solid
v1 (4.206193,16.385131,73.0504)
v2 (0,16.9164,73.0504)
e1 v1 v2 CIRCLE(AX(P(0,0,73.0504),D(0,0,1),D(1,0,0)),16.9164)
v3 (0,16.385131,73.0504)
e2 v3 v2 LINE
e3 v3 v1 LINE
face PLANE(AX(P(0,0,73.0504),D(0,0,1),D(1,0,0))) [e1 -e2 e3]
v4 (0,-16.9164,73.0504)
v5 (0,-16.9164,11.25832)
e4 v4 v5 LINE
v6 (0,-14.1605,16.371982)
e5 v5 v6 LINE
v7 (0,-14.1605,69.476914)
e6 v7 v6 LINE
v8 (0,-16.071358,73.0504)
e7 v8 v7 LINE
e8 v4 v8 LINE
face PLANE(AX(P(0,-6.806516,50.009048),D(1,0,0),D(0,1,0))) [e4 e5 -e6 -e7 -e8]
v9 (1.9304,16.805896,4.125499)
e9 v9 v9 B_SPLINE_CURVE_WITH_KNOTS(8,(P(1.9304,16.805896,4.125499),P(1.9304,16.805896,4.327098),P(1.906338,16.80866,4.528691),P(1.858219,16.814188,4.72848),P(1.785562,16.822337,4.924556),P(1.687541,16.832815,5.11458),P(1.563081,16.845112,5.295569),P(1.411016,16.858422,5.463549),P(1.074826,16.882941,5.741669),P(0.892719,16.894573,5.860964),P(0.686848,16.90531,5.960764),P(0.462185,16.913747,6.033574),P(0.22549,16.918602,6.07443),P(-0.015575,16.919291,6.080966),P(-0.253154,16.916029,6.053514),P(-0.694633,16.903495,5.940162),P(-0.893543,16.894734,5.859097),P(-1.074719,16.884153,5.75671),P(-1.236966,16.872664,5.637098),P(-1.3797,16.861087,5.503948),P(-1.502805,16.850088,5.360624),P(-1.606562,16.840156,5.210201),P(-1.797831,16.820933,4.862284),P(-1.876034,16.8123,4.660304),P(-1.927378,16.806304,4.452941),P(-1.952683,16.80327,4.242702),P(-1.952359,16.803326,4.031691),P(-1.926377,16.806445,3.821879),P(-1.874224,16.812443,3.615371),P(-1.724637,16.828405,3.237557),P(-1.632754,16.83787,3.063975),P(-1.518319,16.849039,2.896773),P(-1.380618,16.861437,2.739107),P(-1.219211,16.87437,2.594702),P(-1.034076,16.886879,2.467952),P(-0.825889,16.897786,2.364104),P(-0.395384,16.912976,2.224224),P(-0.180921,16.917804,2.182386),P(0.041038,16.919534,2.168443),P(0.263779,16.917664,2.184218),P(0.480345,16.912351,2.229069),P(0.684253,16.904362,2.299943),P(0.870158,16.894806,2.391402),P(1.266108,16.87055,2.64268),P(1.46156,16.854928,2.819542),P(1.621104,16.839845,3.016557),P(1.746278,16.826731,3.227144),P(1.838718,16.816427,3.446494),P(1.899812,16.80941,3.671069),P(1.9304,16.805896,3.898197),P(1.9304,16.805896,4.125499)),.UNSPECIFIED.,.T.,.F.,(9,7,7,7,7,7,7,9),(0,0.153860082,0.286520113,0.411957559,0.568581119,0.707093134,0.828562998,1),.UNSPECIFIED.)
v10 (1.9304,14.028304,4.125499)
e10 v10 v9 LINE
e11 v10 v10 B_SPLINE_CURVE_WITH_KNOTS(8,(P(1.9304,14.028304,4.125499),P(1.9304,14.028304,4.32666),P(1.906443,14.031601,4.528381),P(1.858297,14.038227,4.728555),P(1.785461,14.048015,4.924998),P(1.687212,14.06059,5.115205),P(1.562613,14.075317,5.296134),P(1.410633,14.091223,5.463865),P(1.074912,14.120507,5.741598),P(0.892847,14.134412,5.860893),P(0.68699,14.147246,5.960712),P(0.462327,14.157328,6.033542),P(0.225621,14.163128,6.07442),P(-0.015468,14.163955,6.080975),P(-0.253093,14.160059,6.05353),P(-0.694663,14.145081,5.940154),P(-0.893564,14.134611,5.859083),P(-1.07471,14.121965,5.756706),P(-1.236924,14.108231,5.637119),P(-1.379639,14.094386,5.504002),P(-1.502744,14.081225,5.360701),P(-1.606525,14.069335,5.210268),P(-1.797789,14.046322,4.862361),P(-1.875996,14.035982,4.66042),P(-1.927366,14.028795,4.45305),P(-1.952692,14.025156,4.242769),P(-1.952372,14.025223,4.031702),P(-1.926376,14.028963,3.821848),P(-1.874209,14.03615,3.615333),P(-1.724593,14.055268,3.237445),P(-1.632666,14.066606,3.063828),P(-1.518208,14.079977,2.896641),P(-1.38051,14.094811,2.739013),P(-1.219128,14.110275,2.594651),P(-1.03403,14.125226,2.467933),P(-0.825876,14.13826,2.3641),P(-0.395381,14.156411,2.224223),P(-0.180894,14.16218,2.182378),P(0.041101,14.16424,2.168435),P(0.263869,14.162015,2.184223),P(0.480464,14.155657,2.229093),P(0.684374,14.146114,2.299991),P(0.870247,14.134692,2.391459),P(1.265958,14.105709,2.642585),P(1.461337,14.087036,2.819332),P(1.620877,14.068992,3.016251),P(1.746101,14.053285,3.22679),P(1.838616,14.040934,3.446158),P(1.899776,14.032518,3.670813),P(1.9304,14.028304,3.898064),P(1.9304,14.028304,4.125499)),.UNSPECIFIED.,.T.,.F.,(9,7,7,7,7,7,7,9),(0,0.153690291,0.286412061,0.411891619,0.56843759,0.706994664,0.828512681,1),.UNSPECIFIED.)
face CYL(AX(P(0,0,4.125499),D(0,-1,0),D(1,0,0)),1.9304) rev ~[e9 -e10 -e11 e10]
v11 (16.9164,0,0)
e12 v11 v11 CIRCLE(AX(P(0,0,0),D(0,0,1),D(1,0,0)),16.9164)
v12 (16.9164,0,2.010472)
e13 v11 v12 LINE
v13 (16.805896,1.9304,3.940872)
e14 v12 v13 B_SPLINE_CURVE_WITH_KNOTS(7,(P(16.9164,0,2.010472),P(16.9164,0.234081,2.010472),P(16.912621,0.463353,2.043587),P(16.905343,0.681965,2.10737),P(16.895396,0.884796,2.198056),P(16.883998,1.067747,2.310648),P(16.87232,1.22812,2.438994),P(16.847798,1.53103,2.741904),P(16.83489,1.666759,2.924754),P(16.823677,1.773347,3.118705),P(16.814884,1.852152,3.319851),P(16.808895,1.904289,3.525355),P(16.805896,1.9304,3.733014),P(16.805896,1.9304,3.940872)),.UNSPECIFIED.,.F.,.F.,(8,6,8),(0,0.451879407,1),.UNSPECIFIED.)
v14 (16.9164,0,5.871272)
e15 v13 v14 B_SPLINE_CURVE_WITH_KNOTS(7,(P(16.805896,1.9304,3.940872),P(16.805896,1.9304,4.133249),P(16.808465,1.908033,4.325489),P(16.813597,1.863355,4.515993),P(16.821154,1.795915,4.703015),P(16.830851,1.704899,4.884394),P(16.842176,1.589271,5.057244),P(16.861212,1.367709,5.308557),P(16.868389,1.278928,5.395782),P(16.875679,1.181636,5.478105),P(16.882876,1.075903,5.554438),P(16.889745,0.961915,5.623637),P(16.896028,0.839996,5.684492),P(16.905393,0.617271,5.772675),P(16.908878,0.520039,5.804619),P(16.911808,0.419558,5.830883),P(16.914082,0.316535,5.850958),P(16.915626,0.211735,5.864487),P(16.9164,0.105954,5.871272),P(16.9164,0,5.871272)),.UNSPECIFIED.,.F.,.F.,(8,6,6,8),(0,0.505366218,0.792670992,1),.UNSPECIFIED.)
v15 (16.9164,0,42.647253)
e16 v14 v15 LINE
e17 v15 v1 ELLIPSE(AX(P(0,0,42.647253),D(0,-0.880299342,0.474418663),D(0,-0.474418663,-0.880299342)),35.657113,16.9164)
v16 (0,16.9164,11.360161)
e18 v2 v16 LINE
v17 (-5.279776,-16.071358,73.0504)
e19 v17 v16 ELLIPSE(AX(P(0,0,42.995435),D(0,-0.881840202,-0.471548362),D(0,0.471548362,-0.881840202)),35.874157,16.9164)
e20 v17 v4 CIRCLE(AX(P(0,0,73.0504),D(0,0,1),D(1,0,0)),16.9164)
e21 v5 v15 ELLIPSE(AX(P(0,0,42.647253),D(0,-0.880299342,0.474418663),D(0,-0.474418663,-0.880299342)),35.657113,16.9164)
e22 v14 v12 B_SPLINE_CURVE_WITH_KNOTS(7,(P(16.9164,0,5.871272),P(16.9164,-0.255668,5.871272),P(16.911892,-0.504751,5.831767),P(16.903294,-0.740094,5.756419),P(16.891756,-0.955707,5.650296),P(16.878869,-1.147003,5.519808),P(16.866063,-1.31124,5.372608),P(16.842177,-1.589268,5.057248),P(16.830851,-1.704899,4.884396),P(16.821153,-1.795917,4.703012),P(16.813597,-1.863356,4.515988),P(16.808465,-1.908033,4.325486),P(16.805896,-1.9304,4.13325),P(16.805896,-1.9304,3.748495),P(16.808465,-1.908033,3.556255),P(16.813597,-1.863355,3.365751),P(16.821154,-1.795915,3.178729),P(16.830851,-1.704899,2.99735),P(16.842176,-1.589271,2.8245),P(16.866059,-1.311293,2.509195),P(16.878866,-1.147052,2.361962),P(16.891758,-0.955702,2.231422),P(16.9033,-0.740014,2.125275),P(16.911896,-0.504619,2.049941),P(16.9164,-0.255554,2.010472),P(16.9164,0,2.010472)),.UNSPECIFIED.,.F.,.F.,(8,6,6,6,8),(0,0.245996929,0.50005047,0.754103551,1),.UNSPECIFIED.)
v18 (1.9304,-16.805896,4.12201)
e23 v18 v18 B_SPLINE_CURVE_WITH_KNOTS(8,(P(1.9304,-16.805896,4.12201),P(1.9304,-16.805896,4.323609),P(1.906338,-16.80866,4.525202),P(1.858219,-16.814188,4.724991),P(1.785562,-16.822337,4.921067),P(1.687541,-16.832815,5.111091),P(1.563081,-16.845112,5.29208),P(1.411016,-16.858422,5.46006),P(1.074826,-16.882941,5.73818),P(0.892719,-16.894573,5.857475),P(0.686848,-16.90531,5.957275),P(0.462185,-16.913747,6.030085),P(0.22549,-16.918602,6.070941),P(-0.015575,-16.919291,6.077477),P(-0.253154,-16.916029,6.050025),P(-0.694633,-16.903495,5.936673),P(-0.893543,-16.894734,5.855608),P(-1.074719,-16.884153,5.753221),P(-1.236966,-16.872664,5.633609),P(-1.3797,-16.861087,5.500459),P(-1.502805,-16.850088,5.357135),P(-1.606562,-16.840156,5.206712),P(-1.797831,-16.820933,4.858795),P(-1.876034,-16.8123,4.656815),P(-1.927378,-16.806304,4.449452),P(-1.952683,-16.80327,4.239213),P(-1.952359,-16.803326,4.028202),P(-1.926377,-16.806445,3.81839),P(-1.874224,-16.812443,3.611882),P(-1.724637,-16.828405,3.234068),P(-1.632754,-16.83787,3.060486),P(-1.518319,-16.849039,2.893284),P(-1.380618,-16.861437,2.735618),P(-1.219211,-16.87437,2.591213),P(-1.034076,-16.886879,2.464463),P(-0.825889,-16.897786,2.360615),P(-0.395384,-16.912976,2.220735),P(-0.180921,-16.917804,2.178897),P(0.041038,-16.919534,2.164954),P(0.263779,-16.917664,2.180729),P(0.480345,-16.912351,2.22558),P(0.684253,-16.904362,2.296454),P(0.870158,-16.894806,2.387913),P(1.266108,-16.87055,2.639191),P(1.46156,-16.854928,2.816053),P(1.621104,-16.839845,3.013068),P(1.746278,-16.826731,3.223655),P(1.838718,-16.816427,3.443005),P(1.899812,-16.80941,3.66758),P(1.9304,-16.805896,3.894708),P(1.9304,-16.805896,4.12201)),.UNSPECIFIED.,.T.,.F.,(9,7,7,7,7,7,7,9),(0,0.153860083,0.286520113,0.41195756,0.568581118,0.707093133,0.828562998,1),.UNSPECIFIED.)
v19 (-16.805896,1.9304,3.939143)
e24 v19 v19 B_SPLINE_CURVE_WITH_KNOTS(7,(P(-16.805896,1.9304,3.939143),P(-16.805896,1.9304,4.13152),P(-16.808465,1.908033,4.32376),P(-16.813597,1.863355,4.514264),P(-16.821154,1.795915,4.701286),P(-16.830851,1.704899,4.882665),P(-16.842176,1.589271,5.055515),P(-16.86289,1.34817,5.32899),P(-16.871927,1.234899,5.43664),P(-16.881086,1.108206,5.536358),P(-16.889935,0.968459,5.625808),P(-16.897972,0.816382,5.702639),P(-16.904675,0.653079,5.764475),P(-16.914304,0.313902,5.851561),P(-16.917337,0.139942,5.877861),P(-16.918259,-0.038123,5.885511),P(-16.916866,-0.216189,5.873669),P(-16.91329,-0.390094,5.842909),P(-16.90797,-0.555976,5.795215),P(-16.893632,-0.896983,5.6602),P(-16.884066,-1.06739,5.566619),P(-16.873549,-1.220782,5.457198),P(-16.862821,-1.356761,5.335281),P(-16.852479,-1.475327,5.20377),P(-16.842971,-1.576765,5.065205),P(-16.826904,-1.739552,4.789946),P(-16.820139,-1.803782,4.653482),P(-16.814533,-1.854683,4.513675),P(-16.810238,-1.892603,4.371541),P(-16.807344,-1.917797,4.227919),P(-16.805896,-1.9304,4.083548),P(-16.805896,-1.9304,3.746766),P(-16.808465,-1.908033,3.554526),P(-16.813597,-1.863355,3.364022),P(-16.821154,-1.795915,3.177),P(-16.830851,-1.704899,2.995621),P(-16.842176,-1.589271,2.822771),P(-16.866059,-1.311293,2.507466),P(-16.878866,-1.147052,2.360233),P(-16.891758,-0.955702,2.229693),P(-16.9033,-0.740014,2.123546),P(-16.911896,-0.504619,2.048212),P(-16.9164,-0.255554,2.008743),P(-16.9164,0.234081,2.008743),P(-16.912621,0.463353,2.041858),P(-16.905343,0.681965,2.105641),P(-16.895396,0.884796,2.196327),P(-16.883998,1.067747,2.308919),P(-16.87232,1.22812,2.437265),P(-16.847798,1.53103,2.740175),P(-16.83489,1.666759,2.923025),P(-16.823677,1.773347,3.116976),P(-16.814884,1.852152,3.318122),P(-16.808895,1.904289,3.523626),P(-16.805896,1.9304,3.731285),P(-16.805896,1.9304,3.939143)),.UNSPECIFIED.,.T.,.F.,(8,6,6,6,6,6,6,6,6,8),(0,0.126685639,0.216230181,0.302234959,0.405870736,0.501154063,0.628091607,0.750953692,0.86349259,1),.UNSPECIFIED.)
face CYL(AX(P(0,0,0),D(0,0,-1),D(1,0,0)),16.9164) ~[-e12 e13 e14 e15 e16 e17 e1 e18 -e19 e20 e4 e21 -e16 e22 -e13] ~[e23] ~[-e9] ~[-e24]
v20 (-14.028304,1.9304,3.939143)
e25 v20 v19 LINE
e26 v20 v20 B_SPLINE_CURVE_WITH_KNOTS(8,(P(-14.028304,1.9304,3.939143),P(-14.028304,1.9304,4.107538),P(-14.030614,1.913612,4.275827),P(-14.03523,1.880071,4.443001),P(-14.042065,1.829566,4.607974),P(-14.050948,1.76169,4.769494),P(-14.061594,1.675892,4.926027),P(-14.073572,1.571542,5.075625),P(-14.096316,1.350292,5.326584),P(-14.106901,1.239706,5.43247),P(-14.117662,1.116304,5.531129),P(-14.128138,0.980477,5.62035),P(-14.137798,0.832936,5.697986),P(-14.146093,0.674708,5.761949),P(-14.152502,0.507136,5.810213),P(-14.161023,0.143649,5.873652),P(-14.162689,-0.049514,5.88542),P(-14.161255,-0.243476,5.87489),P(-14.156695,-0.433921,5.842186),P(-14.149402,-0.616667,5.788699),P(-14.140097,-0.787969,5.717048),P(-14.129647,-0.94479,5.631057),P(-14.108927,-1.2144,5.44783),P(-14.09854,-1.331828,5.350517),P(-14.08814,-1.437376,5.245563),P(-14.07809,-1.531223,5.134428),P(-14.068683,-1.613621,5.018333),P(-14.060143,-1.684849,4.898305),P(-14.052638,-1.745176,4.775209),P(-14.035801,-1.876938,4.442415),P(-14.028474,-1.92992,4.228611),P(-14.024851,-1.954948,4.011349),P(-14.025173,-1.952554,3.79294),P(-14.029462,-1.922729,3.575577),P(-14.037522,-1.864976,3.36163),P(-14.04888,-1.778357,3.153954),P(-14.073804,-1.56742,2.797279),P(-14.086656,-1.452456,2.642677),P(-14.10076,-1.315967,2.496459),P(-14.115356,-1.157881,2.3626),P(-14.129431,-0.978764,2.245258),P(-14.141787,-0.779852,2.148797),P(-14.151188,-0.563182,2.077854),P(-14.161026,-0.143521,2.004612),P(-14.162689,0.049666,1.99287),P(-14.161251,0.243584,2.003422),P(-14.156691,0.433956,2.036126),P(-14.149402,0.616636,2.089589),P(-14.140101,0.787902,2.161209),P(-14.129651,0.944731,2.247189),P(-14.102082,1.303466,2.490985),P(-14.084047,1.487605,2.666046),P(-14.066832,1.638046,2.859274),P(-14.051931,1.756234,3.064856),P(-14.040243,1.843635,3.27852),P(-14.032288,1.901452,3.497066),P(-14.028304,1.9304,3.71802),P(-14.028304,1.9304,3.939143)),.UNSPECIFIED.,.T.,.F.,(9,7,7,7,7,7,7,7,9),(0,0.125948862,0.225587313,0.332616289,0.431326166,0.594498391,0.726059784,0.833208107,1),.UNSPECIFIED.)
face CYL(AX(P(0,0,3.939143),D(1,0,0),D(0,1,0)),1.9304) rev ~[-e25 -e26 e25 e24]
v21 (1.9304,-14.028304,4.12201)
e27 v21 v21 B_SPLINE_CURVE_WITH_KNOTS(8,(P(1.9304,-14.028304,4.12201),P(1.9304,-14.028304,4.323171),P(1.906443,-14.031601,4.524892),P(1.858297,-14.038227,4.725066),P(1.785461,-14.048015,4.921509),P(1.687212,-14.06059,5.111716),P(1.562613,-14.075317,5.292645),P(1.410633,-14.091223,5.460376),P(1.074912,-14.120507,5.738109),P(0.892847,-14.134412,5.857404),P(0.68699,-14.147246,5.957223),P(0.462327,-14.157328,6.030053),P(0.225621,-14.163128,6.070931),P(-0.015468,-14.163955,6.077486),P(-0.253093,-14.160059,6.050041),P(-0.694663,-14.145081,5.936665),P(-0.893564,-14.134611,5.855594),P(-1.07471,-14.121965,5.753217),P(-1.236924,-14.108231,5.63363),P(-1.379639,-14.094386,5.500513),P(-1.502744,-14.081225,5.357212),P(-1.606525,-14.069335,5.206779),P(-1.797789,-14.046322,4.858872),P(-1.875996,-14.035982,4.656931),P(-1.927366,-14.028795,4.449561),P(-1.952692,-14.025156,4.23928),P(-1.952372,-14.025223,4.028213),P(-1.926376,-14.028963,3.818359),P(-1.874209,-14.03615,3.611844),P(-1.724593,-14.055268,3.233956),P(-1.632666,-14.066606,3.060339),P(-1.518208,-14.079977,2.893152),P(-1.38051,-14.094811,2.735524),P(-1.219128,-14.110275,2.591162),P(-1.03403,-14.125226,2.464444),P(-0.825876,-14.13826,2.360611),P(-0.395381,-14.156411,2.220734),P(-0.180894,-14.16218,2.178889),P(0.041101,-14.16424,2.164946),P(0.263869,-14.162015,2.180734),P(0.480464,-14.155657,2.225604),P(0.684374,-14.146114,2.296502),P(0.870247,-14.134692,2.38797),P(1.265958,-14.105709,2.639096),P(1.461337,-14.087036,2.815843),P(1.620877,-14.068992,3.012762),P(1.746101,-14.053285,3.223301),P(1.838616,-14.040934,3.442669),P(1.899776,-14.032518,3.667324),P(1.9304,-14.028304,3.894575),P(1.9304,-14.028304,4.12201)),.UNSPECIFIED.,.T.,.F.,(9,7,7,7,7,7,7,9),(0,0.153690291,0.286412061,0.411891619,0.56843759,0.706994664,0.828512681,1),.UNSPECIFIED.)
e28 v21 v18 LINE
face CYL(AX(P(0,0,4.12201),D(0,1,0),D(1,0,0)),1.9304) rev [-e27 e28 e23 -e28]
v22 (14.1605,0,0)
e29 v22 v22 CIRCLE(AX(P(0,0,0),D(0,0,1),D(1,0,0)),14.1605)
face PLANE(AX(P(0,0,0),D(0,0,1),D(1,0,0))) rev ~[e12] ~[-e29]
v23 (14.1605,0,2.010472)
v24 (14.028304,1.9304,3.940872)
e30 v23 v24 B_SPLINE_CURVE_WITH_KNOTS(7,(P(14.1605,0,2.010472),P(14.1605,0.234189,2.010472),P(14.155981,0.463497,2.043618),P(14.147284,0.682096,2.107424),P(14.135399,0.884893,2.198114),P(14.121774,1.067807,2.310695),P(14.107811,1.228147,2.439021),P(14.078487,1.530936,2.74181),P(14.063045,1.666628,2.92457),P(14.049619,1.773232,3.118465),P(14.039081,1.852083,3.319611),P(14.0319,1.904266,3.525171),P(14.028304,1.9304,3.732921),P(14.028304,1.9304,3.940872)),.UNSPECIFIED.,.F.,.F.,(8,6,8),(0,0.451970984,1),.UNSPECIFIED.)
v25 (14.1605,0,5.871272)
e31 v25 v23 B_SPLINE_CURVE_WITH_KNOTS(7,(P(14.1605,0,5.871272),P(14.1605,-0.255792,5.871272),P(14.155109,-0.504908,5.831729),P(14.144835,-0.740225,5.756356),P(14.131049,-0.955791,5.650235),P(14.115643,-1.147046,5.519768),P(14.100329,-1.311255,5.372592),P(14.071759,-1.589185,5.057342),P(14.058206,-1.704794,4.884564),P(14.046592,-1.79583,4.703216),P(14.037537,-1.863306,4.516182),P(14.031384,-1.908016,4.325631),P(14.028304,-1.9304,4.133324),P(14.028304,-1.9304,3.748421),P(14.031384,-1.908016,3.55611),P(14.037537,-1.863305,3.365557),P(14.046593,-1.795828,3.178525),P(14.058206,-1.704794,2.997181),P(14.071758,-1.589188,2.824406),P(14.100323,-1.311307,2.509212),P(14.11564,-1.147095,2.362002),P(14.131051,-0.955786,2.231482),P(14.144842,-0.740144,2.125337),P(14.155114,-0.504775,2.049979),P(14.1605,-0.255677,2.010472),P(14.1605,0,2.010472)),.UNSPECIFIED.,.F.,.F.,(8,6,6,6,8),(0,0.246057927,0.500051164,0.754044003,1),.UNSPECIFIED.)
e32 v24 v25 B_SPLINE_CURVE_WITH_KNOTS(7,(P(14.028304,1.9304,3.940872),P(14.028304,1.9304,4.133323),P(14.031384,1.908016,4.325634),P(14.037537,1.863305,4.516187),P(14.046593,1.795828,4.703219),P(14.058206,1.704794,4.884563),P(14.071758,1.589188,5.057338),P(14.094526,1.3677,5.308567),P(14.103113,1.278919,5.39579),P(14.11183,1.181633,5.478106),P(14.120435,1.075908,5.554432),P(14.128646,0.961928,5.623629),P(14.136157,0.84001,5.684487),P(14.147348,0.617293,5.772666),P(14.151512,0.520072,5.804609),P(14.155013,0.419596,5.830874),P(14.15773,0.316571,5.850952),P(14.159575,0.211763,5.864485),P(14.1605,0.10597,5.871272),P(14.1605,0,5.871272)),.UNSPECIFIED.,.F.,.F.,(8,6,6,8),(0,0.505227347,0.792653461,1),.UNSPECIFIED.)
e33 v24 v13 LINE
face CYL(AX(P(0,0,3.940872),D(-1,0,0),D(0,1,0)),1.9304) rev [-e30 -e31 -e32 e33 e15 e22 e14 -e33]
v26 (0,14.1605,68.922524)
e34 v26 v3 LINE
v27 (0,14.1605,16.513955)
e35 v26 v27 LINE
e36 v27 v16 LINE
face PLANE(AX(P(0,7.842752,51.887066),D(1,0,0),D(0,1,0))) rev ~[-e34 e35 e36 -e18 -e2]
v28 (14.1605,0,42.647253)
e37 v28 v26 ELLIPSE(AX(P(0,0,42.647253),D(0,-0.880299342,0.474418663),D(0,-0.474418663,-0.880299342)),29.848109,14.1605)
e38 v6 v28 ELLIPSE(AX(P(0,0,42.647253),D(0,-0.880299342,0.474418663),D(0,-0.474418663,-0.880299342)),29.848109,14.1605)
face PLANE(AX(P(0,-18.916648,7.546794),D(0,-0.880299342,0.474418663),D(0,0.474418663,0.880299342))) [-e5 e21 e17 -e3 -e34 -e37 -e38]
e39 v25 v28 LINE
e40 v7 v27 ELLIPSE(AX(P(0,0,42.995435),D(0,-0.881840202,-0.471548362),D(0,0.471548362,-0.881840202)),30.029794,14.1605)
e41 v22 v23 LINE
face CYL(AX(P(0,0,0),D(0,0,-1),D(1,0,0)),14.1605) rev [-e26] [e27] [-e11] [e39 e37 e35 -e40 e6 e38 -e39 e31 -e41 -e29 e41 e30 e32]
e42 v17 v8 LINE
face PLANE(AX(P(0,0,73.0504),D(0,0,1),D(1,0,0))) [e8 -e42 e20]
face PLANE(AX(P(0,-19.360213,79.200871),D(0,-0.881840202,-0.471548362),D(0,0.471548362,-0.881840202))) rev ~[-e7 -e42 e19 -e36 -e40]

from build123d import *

# Parameters (mm, degrees)
F0_R      = 16.9164
F0_R_2    = 14.1605
F1_DEPTH  = 73.0504
F3_DEPTH  = 58.42
F5_DEPTH  = 25.4
F6_R      = 1.9304
F7_DEPTH  = 25.4
F8_R      = 1.9304
F9_DEPTH  = 35.814
F10_R     = 1.9304
F11_DEPTH = 25.4
F12_R     = 1.9304
F13_DEPTH = 44.196


with BuildPart() as f1:
    # F0 (on Top) → F1 (new body)
    with BuildSketch(Plane.XY):
        Circle(F0_R)
        Circle(F0_R_2, mode=Mode.SUBTRACT)
    extrude(amount=F1_DEPTH)

    # F2 (on Right) → F3 (cut)
    with BuildSketch(Plane.YZ):
        Polygon((-18.284496, 78.388058), (-18.916648, 7.546794), (19.261749, 78.388058), align=None)
    extrude(amount=F3_DEPTH, mode=Mode.SUBTRACT)

    # F4 (on Right) → F5 (cut)
    with BuildSketch(Plane.YZ):
        Polygon((-19.360213, 79.200871), (18.200016, 8.959677), (23.540258, 79.200871), align=None)
    extrude(amount=-F5_DEPTH, mode=Mode.SUBTRACT)

    # F6 (on Right) → F7 (cut)
    with BuildSketch(Plane.YZ):
        with Locations((0, 3.939143)):
            Circle(F6_R)
    extrude(amount=-F7_DEPTH, mode=Mode.SUBTRACT)

    # F8 (on Right) → F9 (cut)
    with BuildSketch(Plane.YZ):
        with Locations((0, 3.940872)):
            Circle(F8_R)
    extrude(amount=F9_DEPTH, mode=Mode.SUBTRACT)

    # F10 (on Front) → F11 (cut)
    with BuildSketch(Plane.XZ):
        with Locations((0, 4.125499)):
            Circle(F10_R)
    extrude(amount=-F11_DEPTH, mode=Mode.SUBTRACT)

    # F12 (on Front) → F13 (cut)
    with BuildSketch(Plane.XZ):
        with Locations((0, 4.12201)):
            Circle(F12_R)
    extrude(amount=F13_DEPTH, mode=Mode.SUBTRACT)


solid = f1.part
